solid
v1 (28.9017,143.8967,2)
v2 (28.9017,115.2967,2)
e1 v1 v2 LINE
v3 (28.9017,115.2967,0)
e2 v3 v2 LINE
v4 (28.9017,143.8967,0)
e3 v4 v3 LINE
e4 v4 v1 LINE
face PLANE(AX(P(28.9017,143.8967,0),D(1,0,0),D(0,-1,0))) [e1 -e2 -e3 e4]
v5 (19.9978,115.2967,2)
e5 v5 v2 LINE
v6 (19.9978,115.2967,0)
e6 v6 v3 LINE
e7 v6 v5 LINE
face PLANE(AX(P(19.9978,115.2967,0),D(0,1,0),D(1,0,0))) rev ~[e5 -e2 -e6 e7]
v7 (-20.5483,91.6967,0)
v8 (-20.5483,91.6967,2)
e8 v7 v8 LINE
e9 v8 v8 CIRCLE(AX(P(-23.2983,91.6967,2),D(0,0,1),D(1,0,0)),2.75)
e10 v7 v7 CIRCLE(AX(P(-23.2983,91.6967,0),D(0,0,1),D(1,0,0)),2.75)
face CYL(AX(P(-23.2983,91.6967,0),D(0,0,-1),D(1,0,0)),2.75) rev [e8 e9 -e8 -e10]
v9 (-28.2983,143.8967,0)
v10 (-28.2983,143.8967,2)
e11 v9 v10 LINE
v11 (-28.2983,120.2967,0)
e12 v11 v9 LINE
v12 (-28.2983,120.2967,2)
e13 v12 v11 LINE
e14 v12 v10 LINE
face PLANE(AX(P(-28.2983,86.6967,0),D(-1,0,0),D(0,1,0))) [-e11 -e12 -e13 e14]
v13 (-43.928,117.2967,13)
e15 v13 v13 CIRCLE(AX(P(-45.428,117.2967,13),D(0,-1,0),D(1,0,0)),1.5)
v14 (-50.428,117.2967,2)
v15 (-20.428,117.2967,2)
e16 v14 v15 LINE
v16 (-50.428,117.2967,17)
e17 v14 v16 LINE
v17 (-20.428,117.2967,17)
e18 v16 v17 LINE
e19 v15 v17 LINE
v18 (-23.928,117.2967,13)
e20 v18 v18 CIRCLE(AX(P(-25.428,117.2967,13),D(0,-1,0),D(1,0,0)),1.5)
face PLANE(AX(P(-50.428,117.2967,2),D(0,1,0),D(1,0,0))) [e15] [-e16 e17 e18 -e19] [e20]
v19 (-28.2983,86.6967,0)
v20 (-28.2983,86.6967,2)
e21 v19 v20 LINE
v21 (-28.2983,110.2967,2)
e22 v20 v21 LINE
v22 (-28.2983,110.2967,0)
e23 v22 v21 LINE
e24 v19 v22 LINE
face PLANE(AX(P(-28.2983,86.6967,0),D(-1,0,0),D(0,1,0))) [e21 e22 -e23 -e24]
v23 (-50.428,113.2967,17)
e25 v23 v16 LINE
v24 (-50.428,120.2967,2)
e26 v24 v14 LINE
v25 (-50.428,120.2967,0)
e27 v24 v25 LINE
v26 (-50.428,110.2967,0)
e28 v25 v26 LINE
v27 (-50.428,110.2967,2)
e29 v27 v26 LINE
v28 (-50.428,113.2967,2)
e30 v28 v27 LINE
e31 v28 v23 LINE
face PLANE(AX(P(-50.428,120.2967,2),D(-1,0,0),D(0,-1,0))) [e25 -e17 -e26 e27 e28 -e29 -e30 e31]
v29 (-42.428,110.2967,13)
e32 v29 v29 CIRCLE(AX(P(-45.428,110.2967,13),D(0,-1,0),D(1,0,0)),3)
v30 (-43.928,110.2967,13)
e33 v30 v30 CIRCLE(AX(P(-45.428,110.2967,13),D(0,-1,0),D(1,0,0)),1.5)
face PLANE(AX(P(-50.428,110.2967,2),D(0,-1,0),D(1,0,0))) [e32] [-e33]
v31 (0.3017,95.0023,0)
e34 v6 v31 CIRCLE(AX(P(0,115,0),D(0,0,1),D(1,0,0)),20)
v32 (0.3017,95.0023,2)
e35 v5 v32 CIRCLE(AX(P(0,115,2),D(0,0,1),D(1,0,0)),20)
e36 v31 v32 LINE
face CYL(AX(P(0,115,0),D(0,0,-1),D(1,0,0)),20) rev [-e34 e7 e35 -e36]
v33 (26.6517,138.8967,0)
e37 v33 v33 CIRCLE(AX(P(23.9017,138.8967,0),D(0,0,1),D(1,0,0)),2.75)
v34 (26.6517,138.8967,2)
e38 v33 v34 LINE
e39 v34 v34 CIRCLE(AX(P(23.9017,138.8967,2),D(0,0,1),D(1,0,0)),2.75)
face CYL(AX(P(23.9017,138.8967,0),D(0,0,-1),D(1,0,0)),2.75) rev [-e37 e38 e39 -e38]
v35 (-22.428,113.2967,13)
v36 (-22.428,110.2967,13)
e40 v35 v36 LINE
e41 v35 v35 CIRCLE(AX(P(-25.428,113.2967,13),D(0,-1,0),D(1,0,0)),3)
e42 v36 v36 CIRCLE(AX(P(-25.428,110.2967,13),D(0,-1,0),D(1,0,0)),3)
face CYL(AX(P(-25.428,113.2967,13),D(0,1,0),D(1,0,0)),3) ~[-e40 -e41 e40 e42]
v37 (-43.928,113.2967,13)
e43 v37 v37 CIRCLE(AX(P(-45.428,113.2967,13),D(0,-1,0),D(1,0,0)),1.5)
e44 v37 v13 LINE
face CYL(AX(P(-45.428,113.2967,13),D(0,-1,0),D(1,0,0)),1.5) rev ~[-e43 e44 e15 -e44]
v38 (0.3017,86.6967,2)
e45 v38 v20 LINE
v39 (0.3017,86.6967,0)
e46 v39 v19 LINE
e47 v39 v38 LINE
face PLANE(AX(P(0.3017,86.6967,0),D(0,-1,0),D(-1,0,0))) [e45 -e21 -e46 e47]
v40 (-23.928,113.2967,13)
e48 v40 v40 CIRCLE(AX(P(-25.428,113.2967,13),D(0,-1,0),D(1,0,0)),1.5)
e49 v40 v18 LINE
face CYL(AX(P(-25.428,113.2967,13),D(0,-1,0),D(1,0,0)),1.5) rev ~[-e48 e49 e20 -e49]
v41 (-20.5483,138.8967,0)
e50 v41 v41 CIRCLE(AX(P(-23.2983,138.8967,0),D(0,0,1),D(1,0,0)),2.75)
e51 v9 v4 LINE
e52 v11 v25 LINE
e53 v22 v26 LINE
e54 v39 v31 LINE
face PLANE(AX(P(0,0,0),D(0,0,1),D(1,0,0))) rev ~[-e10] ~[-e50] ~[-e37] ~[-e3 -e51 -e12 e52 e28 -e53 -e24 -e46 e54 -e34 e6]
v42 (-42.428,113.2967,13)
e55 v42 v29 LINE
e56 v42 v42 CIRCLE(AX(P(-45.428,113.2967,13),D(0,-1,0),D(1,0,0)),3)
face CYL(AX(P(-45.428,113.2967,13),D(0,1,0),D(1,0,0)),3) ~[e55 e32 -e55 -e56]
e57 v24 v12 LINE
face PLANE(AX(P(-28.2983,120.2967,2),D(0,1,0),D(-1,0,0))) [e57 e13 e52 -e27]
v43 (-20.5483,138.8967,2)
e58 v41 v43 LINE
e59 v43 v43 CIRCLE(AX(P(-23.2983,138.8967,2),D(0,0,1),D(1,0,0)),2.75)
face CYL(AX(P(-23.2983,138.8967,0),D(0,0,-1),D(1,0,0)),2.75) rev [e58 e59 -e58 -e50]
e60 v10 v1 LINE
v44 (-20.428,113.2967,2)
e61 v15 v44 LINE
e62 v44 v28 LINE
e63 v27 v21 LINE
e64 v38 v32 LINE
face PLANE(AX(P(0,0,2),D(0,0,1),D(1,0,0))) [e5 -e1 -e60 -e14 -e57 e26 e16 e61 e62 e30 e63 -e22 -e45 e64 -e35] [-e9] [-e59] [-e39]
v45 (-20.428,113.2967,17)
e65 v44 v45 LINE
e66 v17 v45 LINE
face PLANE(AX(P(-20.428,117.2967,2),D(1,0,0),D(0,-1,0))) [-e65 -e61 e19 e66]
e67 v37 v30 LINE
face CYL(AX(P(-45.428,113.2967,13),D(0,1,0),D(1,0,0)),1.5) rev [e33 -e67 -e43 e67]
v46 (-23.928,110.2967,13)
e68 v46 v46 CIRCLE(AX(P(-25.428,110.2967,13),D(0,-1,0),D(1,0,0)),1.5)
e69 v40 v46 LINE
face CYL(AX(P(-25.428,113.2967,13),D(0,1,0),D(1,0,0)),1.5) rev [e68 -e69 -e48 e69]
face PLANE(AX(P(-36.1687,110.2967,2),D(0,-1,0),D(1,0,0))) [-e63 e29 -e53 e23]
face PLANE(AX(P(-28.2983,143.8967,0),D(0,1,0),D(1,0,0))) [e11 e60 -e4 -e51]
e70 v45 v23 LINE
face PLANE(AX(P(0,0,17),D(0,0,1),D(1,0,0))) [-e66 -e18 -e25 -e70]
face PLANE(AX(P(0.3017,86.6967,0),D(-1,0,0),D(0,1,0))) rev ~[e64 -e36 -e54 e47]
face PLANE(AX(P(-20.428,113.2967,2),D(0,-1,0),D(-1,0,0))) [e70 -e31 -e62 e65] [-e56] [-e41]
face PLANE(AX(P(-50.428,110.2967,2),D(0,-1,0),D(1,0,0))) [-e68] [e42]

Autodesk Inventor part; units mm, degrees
ref_plane "YZ Plane" through (0, 0, 0) normal (1, 0, 0) x (0, 1, 0)
ref_plane "XZ Plane" through (0, 0, 0) normal (0, 1, 0) x (-1, 0, 0)
ref_plane "XY Plane" through (0, 0, 0) normal (0, 0, 1) x (1, 0, 0)
sketch "Sketch1" plane through (0, 0, 0) normal (0, 0, 1) x (1, 0, 0)
  line L0 (30.9017, 120.8967) -> (30.9017, 145.8967)
  line L1 (30.9017, 145.8967) -> (-30.2983, 145.8967)
  line L2 (-30.2983, 145.8967) -> (-30.2983, 120.8967)
  line L3 (-30.2983, 120.8967) -> (-33.2983, 120.8967)
  line L4 (-33.2983, 120.8967) -> (-33.2983, 89.6967)
  line L5 (-33.2983, 89.6967) -> (-25.2983, 81.6967)
  line L6 (-25.2983, 81.6967) -> (25.9017, 81.6967)
  line L7 (25.9017, 81.6967) -> (33.9017, 89.6967)
  line L8 (33.9017, 89.6967) -> (33.9017, 120.8967)
  line L9 (33.9017, 120.8967) -> (30.9017, 120.8967)
  circle A0 centre (0, 115) radius 20
  circle A1 centre (-23.2983, 138.8967) radius 2.75
  circle A2 centre (23.9017, 91.6967) radius 2.75
  circle A3 centre (23.9017, 138.8967) radius 2.75
  circle A4 centre (-23.2983, 91.6967) radius 2.75
  line L10 (-30.2983, 145.8967) -> (-30.2983, 143.8967)
  line L11 (-30.2983, 143.8967) -> (-28.2983, 143.8967)
  line L12 (-28.2983, 143.8967) -> (28.9017, 143.8967)
  line L13 (28.9017, 143.8967) -> (28.9017, 86.6967)
  line L14 (28.9017, 86.6967) -> (-28.2983, 86.6967)
  line L15 (-28.2983, 86.6967) -> (-28.2983, 143.8967)
  line L16 (0.3017, 86.6967) -> (0.3017, 95.0023)
  line L17 (19.9978, 115.2967) -> (28.9017, 115.2967)
  point P0 (0, 0)
  dimension "d0" = 2
  dimension "d1" = 57.2
extrude "Extrusion1" add sketch "Sketch1" along normal blind 2 contours L12 L13 L17 A0 L16 L14 L15
sketch "Sketch6" plane through (0, 0, 2) normal (0, 0, 1) x (1, 0, 0)
  line L0 (-36.1687, 110.2967) -> (-20.428, 110.2967)
  line L1 (-20.428, 110.2967) -> (-20.428, 120.2967)
  line L2 (-20.428, 120.2967) -> (-36.1687, 120.2967)
  line L3 (-36.1687, 120.2967) -> (-36.1687, 110.2967)
  line L4 (-28.2983, 143.8967) -> (-28.2983, 86.6967) projected
  line L5 (-36.1687, 110.2967) -> (-20.428, 120.2967) construction
  line L6 (-20.428, 110.2967) -> (-36.1687, 120.2967) construction
  line L7 (-20.428, 120.2967) -> (-50.428, 120.2967)
  line L8 (-50.428, 120.2967) -> (-50.428, 110.2967)
  line L9 (-50.428, 110.2967) -> (-20.428, 110.2967)
  point P0 (0, 0)
  point P1 (-28.2983, 115.2967)
  dimension "d14" = 10
  dimension "d17" = 30
extrude "Extrusion5" add sketch "Sketch6" against normal blind 2
sketch "Sketch7" plane through (0, 0, 2) normal (0, 0, 1) x (1, 0, 0)
  line L0 (-50.428, 110.2967) -> (-50.428, 120.2967) projected
  line L1 (-50.428, 115.2967) -> (-50.428, 117.2967)
  line L2 (-50.428, 117.2967) -> (-20.428, 117.2967)
  line L3 (-20.428, 117.2967) -> (-20.428, 113.2967)
  line L4 (-20.428, 113.2967) -> (-50.428, 113.2967)
  line L5 (-50.428, 113.2967) -> (-50.428, 115.2967)
  point P0 (0, 0)
  dimension "d18" = 2
  dimension "d19" = 30
  dimension "d20" = 4
extrude "Extrusion6" add sketch "Sketch7" along normal blind 15
sketch "Sketch8" plane through (-50.428, 113.2967, 2) normal (0, -1, 0) x (1, 0, 0)
  circle A0 centre (25, 11) radius 3
  circle A1 centre (5, 11) radius 3
  line L0 (30, 15) -> (30, 7)
  line L1 (30, 15) -> (0, 15)
  line L2 (0, 7) -> (0, 15)
  line L3 (30, 7) -> (0, 7)
  circle A2 centre (25, 11) radius 3
  circle A3 centre (25, 11) radius 1.5
  circle A4 centre (5, 11) radius 1.5
  circle A5 centre (5, 11) radius 3
  circle A6 centre (5, 11) radius 1.5
  point P0 (50.428, -2)
extrude "Extrusion7" add sketch "Sketch8" along normal blind 3 contours A0 | A1
sketch "Sketch9" plane through (-50.428, 113.2967, 2) normal (0, -1, 0) x (1, 0, 0)
  circle A0 centre (25, 11) radius 1.5 projected
  circle A1 centre (5, 11) radius 1.5 projected
  point P0 (50.428, -2)
extrude "Extrusion8" cut sketch "Sketch9" against normal through all
properties part number "stop_rotador_2"
